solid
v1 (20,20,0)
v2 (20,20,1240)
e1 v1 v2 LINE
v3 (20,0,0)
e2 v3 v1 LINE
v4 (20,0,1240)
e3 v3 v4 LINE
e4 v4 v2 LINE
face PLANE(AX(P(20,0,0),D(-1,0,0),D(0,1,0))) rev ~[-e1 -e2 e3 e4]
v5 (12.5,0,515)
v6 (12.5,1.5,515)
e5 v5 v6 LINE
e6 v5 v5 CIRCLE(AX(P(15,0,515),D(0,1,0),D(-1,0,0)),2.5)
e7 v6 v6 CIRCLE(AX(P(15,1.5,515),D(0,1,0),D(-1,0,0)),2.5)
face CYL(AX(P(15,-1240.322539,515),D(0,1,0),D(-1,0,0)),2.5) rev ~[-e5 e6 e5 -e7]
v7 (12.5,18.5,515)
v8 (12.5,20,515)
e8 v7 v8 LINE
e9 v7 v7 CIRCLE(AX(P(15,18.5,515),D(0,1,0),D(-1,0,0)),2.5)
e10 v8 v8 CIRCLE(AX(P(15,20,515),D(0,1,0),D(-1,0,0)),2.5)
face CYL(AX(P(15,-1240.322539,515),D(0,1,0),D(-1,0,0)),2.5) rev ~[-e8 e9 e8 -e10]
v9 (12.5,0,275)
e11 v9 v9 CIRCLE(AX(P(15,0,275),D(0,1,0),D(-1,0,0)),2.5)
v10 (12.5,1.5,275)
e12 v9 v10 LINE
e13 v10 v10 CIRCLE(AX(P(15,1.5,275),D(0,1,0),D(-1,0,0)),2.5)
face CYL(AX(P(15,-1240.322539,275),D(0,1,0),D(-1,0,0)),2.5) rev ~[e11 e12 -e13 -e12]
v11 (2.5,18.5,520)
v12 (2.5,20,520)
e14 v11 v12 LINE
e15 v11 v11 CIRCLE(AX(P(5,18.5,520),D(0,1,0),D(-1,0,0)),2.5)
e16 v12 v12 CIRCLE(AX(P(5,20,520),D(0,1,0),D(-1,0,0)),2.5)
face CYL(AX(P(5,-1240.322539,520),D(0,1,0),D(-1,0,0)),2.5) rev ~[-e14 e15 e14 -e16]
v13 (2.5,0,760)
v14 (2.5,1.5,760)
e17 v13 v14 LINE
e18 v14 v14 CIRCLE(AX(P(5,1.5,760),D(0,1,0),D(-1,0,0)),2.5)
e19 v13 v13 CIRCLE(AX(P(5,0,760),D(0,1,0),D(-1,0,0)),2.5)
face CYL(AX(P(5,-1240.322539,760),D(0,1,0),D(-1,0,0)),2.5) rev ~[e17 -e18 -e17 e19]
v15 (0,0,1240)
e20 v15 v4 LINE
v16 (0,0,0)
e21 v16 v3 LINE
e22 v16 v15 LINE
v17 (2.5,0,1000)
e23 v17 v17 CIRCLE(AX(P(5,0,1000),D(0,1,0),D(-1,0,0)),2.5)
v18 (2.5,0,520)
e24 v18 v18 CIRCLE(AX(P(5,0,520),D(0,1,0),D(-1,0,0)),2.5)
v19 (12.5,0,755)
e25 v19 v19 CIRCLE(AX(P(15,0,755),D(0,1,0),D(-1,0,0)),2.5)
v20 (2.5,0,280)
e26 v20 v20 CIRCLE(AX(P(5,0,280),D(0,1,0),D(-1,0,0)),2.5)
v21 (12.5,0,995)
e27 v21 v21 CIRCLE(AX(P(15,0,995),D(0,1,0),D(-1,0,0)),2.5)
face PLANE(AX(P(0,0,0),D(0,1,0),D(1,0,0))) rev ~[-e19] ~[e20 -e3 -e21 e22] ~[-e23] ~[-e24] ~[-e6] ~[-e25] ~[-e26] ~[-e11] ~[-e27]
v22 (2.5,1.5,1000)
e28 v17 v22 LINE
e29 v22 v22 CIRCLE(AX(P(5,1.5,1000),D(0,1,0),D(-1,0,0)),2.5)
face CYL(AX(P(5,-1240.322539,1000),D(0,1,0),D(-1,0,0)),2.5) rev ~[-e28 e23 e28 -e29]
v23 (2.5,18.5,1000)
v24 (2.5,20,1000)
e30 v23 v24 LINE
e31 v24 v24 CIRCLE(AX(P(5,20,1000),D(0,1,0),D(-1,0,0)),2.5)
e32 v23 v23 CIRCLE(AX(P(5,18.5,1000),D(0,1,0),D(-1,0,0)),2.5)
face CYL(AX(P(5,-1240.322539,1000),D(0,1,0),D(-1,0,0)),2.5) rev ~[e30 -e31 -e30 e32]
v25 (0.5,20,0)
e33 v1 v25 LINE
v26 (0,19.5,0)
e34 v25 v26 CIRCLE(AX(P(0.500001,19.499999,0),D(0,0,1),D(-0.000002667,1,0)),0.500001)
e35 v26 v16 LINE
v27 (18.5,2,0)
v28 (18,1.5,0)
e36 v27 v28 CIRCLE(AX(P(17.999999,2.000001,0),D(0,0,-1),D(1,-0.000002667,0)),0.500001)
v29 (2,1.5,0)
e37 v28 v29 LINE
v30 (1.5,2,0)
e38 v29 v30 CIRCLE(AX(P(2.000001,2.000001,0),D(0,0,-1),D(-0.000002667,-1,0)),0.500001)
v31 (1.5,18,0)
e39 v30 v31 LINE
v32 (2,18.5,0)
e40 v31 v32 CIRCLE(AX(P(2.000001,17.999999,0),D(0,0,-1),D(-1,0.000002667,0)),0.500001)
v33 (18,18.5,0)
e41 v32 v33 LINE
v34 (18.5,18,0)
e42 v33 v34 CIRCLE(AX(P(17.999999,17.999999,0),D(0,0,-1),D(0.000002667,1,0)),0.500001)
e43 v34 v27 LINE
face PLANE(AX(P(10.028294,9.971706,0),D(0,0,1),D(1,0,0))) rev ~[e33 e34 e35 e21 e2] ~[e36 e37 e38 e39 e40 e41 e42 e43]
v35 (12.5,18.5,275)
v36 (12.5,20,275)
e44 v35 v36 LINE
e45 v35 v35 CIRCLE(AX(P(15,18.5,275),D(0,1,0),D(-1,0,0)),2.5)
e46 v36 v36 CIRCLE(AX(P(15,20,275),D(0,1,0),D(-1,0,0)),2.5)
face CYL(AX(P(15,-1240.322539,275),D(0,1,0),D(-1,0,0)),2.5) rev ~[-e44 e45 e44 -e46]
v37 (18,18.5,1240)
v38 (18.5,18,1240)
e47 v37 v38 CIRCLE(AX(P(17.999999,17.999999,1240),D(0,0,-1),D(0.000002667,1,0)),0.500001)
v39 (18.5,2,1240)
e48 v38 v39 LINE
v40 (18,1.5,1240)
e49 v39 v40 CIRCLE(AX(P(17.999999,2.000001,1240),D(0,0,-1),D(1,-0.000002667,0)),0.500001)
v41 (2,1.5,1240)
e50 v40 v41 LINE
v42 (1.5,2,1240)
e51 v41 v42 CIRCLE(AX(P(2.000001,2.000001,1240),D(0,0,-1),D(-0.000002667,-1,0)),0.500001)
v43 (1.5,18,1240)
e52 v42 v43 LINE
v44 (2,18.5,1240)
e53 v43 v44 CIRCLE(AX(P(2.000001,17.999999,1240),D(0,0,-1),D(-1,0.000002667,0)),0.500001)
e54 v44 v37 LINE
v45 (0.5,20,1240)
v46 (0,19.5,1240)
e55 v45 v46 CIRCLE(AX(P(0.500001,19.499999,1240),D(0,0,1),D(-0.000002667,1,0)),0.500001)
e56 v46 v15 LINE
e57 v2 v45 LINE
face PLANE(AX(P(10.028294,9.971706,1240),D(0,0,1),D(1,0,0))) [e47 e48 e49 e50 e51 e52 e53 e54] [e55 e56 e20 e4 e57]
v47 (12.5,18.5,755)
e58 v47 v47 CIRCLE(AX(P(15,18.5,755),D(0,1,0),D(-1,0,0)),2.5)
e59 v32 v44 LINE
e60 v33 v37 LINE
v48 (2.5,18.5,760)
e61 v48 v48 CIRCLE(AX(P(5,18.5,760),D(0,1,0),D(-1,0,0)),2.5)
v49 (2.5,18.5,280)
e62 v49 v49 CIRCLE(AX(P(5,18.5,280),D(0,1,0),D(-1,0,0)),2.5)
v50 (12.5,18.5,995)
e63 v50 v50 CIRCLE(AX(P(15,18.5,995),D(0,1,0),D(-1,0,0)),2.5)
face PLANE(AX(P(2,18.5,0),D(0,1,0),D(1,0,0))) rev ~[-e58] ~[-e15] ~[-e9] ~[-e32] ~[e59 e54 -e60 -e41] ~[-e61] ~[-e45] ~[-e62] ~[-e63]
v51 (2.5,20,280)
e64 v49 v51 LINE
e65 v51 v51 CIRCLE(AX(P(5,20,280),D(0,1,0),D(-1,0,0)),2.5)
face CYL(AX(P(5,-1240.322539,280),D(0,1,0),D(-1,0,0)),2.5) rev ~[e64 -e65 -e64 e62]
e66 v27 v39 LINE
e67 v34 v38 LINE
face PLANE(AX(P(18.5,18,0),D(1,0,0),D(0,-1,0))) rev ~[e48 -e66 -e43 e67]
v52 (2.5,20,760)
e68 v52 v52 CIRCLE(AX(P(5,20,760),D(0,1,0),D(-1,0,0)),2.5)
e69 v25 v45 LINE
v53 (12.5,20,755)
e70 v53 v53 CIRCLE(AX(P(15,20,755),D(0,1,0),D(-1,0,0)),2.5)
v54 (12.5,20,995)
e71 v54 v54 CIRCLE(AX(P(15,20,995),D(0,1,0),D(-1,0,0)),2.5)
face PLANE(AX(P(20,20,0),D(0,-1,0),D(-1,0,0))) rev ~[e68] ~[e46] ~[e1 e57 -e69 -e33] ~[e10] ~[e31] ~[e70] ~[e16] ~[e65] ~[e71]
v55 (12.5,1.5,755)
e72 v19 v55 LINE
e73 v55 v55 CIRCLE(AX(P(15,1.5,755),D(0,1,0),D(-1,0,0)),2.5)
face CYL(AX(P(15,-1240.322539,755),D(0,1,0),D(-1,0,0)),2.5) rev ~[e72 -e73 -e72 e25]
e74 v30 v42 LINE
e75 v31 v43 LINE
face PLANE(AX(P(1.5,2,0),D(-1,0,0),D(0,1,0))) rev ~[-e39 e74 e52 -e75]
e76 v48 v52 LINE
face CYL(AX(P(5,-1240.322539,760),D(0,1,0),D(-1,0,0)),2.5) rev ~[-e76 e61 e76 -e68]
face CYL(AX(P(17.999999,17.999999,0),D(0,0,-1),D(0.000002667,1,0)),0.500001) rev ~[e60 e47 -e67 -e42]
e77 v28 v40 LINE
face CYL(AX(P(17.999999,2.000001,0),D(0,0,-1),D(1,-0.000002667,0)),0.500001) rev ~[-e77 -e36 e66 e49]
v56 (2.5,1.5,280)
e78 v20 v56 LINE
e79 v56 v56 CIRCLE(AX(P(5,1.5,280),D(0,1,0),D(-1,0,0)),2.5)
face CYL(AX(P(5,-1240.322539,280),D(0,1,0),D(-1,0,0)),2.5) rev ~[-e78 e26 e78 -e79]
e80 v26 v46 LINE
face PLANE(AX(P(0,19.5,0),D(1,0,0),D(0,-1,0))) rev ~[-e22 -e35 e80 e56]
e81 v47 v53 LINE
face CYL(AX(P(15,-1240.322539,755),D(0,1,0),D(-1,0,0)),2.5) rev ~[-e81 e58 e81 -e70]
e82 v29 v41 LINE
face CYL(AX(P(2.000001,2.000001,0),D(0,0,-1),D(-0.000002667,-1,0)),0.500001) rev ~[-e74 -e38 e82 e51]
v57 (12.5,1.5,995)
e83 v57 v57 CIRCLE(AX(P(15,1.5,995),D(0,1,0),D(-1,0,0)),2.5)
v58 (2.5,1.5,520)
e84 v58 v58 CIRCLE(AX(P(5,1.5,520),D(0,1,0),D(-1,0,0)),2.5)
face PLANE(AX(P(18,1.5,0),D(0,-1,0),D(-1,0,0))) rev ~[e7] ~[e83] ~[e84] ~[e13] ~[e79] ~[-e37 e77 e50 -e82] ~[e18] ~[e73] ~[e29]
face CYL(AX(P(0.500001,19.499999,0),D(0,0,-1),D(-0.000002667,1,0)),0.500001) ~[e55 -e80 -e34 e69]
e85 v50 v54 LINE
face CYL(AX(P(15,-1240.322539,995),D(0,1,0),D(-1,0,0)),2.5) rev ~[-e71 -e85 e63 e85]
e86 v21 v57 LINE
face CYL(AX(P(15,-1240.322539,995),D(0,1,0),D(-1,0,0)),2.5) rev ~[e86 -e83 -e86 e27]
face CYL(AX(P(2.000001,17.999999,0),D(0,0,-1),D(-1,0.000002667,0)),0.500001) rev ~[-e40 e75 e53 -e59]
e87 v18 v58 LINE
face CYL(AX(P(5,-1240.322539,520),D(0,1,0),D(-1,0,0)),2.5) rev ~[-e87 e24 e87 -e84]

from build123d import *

# Parameters (mm, degrees)
F1_DEPTH = 1240
F3_D     = 5


with BuildPart() as f1:
    # F0 (on Top) → F1 (new body)
    with BuildSketch(Plane.XY):
        with BuildLine():
            Line((0, 19.5), (0, 0))
            Line((0, 0), (20, 0))
            Line((20, 0), (20, 20))
            Line((20, 20), (0.5, 20))
            ThreePointArc((0.5, 20), (0.146447, 19.853553), (0, 19.5))
        make_face()
        with BuildLine():
            ThreePointArc((1.5, 18), (1.646447, 18.353553), (2, 18.5))
            Line((2, 18.5), (18, 18.5))
            ThreePointArc((18, 18.5), (18.353553, 18.353553), (18.5, 18))
            Line((18.5, 18), (18.5, 2))
            ThreePointArc((18.5, 2), (18.353553, 1.646447), (18, 1.5))
            Line((18, 1.5), (2, 1.5))
            ThreePointArc((2, 1.5), (1.646447, 1.646447), (1.5, 2))
            Line((1.5, 2), (1.5, 18))
        make_face(mode=Mode.SUBTRACT)
    extrude(amount=F1_DEPTH)

    # F3 (through all)
    with Locations(Plane.XZ):
        with Locations((5, 1000), (15, 995), (5, 760), (15, 755), (5, 520), (15, 515), (5, 280), (15, 275)):
            Hole(F3_D / 2)


solid = f1.part
